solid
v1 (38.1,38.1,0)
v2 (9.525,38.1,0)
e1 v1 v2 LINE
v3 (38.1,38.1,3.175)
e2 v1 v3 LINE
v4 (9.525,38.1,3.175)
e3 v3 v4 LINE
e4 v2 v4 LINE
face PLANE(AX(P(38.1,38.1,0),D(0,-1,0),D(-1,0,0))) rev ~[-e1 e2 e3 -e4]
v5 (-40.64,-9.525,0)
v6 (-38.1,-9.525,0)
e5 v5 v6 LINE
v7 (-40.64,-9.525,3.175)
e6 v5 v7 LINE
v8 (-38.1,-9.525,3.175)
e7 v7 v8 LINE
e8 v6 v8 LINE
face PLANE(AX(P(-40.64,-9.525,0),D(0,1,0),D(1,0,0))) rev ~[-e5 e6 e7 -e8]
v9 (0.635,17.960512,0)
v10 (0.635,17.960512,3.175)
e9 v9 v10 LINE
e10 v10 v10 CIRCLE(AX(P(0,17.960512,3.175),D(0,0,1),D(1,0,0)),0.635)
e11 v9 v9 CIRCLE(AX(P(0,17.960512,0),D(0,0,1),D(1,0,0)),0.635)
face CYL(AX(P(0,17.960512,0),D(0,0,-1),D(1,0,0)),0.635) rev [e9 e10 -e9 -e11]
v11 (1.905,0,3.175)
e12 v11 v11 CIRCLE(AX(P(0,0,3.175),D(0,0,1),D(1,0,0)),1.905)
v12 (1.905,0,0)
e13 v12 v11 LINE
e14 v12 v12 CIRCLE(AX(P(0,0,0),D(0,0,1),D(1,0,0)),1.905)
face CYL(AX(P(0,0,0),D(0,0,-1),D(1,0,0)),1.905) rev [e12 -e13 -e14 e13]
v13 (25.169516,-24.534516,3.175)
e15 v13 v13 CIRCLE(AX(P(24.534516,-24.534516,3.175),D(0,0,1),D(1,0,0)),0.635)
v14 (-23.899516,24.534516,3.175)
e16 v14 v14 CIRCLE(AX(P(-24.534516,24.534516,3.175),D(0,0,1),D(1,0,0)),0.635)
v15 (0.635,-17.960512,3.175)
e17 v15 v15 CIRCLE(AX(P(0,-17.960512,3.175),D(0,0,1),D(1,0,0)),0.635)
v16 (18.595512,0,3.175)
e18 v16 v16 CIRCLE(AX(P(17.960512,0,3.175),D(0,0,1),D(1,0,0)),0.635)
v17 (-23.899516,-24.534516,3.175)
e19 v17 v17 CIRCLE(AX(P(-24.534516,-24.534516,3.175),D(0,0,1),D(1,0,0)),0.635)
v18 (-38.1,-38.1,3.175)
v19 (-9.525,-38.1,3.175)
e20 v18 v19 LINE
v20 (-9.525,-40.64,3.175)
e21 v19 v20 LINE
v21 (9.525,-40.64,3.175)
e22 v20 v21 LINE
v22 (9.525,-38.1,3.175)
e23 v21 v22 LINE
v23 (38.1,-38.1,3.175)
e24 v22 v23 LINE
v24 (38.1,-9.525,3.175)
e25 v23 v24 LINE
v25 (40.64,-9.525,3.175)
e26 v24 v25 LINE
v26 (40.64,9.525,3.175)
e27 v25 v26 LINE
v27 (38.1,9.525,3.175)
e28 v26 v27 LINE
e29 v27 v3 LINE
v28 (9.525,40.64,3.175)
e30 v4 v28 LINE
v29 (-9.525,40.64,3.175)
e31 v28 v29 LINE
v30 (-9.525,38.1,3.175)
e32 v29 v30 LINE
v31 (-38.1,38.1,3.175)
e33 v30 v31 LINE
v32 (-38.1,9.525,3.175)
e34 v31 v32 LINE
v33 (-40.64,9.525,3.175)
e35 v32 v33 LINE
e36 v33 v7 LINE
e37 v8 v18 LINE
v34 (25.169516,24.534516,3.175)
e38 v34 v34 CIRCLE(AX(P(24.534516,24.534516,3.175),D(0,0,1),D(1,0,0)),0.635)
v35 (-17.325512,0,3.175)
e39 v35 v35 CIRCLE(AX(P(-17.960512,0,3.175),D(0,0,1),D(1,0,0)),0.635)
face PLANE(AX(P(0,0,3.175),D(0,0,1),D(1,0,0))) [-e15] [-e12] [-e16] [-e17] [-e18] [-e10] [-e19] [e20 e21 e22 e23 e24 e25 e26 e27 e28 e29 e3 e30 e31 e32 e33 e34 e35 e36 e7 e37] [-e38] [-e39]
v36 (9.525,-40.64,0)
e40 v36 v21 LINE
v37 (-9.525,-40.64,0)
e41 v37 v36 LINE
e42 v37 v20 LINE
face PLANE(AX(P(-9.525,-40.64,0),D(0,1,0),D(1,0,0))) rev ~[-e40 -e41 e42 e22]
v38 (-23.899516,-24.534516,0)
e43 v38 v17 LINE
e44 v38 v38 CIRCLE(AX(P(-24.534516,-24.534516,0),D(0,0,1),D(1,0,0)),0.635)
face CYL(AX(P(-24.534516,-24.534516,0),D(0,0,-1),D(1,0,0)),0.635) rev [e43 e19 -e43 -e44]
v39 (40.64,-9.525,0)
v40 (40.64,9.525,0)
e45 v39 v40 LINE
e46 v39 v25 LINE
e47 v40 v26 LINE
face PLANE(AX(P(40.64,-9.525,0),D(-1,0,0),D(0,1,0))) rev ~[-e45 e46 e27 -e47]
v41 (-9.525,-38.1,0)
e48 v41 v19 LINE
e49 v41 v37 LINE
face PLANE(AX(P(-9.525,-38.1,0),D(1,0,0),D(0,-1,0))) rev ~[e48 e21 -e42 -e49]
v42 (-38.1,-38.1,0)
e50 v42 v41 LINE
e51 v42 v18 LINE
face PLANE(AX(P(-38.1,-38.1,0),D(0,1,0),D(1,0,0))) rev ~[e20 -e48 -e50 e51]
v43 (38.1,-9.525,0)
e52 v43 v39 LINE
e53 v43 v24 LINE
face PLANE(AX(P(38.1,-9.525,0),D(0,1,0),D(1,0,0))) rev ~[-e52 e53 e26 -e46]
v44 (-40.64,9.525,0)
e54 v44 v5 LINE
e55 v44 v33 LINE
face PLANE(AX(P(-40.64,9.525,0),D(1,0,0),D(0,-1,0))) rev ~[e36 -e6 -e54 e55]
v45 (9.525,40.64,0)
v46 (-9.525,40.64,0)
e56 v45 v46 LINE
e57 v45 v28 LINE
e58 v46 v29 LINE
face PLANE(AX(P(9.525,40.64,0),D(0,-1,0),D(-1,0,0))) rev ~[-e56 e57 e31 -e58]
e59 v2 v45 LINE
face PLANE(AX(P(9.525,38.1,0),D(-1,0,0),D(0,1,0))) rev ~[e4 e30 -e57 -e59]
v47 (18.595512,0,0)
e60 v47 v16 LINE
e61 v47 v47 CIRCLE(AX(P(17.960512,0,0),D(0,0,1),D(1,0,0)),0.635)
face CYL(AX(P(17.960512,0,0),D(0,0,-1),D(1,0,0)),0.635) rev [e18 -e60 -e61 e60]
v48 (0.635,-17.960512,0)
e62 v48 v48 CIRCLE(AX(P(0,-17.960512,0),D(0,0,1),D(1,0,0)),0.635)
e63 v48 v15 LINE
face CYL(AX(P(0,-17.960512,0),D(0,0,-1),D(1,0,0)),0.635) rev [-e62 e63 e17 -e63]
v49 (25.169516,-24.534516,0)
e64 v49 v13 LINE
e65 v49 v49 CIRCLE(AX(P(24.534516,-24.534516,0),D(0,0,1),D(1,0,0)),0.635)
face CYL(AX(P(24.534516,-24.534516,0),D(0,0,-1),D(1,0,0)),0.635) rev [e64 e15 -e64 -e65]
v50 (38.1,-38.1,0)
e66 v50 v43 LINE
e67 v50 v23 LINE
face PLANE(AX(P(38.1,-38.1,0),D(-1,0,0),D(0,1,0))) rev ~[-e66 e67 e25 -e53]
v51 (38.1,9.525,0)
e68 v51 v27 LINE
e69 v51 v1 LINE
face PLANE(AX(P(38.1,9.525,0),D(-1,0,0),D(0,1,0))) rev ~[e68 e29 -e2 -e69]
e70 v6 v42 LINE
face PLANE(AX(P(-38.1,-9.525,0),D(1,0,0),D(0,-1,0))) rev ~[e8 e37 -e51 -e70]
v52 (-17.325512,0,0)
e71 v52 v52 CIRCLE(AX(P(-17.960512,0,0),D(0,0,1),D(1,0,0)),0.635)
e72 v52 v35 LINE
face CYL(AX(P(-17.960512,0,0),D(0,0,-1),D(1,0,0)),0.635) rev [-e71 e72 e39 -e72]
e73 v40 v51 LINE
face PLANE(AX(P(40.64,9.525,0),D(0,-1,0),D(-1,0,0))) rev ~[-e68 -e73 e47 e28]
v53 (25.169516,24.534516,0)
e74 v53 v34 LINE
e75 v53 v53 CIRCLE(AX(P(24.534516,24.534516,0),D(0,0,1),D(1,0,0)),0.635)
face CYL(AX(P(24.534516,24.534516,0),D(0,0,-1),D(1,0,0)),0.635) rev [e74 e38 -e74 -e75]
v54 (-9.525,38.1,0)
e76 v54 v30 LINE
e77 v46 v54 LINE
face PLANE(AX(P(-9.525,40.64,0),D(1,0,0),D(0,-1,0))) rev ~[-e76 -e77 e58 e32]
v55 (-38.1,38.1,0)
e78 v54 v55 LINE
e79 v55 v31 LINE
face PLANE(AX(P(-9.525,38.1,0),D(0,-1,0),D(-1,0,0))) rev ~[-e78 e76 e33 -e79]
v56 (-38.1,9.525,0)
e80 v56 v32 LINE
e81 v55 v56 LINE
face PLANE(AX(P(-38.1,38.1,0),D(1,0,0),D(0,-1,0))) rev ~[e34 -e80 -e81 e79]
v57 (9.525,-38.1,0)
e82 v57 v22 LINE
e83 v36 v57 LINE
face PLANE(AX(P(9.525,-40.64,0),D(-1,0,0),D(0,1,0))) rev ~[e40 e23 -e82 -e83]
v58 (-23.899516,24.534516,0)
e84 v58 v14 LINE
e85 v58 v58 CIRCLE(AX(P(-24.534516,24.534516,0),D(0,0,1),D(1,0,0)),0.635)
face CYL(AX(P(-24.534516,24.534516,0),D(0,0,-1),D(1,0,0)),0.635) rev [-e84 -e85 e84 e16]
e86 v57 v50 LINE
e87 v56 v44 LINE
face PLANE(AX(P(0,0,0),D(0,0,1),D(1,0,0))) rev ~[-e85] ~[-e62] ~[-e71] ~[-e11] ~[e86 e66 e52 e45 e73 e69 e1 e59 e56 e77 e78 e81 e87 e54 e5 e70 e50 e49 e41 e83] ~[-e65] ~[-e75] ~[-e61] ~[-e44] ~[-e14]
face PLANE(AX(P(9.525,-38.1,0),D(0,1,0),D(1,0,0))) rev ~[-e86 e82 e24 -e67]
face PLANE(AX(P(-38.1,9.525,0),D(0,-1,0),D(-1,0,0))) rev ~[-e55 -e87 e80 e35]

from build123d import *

# Parameters (mm, degrees)
F0_R     = 0.635
F0_R_2   = 1.905
F1_DEPTH = 3.175


with BuildPart() as f1:
    # F0 (on Top) → F1 (new body)
    with BuildSketch(Plane.XY):
        Polygon((-9.525, 38.1), (-38.1, 38.1), (-38.1, 9.525), (-40.64, 9.525), (-40.64, -9.525), (-38.1, -9.525), (-38.1, -38.1), (-9.525, -38.1), (-9.525, -40.64), (9.525, -40.64), (9.525, -38.1), (38.1, -38.1), (38.1, -9.525), (40.64, -9.525), (40.64, 9.525), (38.1, 9.525), (38.1, 38.1), (9.525, 38.1), (9.525, 40.64), (-9.525, 40.64), align=None)
        with Locations((-24.534516, -24.534516)):
            Circle(F0_R, mode=Mode.SUBTRACT)
        with Locations((0, -17.960512)):
            Circle(F0_R, mode=Mode.SUBTRACT)
        with Locations((-17.960512, 0)):
            Circle(F0_R, mode=Mode.SUBTRACT)
        Circle(F0_R_2, mode=Mode.SUBTRACT)
        with Locations((24.534516, -24.534516)):
            Circle(F0_R, mode=Mode.SUBTRACT)
        with Locations((17.960512, 0)):
            Circle(F0_R, mode=Mode.SUBTRACT)
        with Locations((0, 17.960512)):
            Circle(F0_R, mode=Mode.SUBTRACT)
        with Locations((-24.534516, 24.534516)):
            Circle(F0_R, mode=Mode.SUBTRACT)
        with Locations((24.534516, 24.534516)):
            Circle(F0_R, mode=Mode.SUBTRACT)
    extrude(amount=F1_DEPTH)


solid = f1.part
